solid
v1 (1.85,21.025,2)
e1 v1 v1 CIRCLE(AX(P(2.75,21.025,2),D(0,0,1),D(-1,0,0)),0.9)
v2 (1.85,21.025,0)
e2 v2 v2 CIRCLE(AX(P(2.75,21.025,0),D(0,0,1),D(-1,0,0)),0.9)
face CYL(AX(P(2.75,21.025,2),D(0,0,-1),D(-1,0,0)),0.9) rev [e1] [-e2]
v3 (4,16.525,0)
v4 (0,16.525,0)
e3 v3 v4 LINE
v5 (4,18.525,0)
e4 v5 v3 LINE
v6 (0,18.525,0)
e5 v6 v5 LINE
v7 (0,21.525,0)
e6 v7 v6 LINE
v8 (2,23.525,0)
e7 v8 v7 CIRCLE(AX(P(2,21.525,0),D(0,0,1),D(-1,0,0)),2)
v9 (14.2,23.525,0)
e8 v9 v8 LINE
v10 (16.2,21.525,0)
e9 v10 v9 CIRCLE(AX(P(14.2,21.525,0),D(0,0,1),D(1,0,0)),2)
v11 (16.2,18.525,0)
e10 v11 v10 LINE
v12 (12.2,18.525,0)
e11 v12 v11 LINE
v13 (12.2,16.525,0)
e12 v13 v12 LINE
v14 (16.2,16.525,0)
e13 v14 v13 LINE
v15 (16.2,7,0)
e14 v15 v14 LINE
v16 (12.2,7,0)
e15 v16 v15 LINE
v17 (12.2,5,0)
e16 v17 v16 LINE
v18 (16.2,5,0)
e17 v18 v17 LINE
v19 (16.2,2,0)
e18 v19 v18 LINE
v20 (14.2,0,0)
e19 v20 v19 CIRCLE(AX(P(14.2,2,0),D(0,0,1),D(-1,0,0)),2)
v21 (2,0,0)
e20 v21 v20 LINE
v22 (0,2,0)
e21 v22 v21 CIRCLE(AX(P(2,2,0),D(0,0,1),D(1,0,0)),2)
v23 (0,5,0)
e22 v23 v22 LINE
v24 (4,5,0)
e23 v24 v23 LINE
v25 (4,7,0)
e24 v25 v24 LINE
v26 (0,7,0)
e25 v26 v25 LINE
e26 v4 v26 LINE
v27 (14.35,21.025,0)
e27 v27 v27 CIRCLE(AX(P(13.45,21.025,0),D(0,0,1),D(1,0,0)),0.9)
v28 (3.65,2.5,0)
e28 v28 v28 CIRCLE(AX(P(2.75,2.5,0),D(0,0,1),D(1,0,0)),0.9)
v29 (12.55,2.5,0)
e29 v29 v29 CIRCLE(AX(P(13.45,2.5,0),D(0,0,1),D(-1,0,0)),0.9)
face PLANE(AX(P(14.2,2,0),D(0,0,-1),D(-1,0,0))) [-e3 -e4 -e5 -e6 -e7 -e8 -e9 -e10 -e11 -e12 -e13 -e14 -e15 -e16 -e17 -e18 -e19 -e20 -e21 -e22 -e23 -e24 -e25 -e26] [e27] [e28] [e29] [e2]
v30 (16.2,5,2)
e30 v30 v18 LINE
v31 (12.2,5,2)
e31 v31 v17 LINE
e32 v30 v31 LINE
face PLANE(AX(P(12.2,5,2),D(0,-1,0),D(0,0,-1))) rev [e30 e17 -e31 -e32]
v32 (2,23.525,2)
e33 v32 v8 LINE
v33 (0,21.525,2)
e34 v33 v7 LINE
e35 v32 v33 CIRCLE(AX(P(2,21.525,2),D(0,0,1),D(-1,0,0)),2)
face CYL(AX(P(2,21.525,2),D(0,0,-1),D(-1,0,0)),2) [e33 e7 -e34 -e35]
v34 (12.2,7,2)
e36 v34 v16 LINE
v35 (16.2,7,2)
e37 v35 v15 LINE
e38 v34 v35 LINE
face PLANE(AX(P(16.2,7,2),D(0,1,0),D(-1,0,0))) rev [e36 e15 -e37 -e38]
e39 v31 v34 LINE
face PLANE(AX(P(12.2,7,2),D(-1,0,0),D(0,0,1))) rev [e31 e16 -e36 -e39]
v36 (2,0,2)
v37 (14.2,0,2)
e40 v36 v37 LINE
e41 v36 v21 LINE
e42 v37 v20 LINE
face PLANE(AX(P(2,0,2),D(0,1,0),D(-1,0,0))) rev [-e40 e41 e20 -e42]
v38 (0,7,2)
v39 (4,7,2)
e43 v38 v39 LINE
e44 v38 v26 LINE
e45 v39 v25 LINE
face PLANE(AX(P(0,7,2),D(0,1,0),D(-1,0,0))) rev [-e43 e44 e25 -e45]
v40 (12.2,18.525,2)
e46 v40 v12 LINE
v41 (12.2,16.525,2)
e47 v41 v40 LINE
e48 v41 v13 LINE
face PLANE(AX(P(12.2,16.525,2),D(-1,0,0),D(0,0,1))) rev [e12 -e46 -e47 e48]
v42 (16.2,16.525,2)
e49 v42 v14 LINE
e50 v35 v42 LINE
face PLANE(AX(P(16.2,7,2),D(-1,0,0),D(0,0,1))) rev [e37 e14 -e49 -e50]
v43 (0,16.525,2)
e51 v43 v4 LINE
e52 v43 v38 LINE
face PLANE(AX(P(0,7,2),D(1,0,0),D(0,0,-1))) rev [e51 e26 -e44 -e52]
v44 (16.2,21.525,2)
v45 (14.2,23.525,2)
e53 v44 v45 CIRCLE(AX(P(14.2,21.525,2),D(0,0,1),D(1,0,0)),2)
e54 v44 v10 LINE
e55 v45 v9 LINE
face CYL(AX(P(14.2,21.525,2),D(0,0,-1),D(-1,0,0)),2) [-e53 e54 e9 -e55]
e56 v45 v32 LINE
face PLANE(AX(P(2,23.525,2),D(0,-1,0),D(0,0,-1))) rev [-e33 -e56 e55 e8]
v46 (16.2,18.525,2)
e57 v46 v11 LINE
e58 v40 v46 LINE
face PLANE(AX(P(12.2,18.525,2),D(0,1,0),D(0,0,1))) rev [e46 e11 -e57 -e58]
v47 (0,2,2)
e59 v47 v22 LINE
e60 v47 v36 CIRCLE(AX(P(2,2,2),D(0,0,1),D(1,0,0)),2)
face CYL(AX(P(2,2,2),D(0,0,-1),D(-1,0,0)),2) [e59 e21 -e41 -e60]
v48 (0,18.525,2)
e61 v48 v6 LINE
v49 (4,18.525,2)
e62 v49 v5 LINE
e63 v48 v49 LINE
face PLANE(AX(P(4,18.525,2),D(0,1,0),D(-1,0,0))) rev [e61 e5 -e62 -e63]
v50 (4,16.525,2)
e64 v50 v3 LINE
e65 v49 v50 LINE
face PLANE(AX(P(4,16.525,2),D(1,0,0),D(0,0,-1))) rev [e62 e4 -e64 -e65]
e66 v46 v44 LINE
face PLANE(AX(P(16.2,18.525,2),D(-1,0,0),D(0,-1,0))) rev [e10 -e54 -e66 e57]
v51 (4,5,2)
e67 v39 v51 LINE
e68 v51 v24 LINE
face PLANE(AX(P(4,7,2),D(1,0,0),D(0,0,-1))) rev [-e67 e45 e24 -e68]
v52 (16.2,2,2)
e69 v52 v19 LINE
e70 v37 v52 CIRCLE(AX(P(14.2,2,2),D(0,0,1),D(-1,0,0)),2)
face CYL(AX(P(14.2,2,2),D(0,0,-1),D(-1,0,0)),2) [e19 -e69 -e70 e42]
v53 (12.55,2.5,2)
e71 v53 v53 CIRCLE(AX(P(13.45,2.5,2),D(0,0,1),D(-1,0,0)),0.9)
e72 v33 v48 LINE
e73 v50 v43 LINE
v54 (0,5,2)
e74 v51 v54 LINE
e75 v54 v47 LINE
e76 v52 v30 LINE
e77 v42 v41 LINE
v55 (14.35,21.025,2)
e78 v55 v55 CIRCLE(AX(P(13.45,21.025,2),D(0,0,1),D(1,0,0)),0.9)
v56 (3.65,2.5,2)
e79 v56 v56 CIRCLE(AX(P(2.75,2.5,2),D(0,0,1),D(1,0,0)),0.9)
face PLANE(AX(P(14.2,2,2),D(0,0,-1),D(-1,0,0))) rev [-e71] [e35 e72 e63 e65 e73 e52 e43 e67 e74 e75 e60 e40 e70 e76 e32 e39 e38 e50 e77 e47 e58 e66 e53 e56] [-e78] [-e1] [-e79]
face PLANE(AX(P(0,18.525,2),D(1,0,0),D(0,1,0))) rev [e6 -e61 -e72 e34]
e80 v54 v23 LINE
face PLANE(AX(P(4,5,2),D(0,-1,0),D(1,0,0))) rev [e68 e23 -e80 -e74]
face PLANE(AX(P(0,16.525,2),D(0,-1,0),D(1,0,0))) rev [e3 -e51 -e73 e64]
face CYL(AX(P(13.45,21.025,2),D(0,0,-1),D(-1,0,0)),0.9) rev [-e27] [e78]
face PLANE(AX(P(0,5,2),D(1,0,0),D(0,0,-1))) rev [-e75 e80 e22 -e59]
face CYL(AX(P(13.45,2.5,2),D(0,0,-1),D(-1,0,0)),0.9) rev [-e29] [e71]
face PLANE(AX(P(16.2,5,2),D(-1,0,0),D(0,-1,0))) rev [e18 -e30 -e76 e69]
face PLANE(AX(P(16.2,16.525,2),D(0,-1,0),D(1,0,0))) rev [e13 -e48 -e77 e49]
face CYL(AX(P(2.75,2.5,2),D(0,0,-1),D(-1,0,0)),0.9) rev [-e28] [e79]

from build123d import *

# Parameters (mm, degrees)
SKETCH1_R           = 0.9
BOSS_EXTRUDE1_DEPTH = 2


with BuildPart() as part:
    # Sketch1 → Boss-Extrude1 (new body)
    with BuildSketch(Plane.XY):
        with BuildLine():
            Line((16.2, 5), (16.2, 2))
            ThreePointArc((16.2, 2), (15.614213562, 0.585786438), (14.2, 0))
            Line((14.2, 0), (2, 0))
            ThreePointArc((2, 0), (0.585786438, 0.585786438), (0, 2))
            Line((0, 2), (0, 5))
            Line((0, 5), (4, 5))
            Line((4, 5), (4, 7))
            Line((4, 7), (0, 7))
            Line((0, 7), (0, 16.525))
            Line((0, 16.525), (4, 16.525))
            Line((4, 16.525), (4, 18.525))
            Line((4, 18.525), (0, 18.525))
            Line((0, 18.525), (0, 21.525))
            ThreePointArc((0, 21.525), (0.585786438, 22.939213562), (2, 23.525))
            Line((2, 23.525), (14.2, 23.525))
            ThreePointArc((14.2, 23.525), (15.614213562, 22.939213562), (16.2, 21.525))
            Line((16.2, 21.525), (16.2, 18.525))
            Line((16.2, 18.525), (12.2, 18.525))
            Line((12.2, 18.525), (12.2, 16.525))
            Line((12.2, 16.525), (16.2, 16.525))
            Line((16.2, 16.525), (16.2, 7))
            Line((16.2, 7), (12.2, 7))
            Line((12.2, 7), (12.2, 5))
            Line((12.2, 5), (16.2, 5))
        make_face()
        with Locations((13.45, 2.5)):
            Circle(SKETCH1_R, mode=Mode.SUBTRACT)
        with Locations((2.75, 21.025)):
            Circle(SKETCH1_R, mode=Mode.SUBTRACT)
        with Locations((13.45, 21.025)):
            Circle(SKETCH1_R, mode=Mode.SUBTRACT)
        with Locations((2.75, 2.5)):
            Circle(SKETCH1_R, mode=Mode.SUBTRACT)
    extrude(amount=BOSS_EXTRUDE1_DEPTH)


solid = part.part
